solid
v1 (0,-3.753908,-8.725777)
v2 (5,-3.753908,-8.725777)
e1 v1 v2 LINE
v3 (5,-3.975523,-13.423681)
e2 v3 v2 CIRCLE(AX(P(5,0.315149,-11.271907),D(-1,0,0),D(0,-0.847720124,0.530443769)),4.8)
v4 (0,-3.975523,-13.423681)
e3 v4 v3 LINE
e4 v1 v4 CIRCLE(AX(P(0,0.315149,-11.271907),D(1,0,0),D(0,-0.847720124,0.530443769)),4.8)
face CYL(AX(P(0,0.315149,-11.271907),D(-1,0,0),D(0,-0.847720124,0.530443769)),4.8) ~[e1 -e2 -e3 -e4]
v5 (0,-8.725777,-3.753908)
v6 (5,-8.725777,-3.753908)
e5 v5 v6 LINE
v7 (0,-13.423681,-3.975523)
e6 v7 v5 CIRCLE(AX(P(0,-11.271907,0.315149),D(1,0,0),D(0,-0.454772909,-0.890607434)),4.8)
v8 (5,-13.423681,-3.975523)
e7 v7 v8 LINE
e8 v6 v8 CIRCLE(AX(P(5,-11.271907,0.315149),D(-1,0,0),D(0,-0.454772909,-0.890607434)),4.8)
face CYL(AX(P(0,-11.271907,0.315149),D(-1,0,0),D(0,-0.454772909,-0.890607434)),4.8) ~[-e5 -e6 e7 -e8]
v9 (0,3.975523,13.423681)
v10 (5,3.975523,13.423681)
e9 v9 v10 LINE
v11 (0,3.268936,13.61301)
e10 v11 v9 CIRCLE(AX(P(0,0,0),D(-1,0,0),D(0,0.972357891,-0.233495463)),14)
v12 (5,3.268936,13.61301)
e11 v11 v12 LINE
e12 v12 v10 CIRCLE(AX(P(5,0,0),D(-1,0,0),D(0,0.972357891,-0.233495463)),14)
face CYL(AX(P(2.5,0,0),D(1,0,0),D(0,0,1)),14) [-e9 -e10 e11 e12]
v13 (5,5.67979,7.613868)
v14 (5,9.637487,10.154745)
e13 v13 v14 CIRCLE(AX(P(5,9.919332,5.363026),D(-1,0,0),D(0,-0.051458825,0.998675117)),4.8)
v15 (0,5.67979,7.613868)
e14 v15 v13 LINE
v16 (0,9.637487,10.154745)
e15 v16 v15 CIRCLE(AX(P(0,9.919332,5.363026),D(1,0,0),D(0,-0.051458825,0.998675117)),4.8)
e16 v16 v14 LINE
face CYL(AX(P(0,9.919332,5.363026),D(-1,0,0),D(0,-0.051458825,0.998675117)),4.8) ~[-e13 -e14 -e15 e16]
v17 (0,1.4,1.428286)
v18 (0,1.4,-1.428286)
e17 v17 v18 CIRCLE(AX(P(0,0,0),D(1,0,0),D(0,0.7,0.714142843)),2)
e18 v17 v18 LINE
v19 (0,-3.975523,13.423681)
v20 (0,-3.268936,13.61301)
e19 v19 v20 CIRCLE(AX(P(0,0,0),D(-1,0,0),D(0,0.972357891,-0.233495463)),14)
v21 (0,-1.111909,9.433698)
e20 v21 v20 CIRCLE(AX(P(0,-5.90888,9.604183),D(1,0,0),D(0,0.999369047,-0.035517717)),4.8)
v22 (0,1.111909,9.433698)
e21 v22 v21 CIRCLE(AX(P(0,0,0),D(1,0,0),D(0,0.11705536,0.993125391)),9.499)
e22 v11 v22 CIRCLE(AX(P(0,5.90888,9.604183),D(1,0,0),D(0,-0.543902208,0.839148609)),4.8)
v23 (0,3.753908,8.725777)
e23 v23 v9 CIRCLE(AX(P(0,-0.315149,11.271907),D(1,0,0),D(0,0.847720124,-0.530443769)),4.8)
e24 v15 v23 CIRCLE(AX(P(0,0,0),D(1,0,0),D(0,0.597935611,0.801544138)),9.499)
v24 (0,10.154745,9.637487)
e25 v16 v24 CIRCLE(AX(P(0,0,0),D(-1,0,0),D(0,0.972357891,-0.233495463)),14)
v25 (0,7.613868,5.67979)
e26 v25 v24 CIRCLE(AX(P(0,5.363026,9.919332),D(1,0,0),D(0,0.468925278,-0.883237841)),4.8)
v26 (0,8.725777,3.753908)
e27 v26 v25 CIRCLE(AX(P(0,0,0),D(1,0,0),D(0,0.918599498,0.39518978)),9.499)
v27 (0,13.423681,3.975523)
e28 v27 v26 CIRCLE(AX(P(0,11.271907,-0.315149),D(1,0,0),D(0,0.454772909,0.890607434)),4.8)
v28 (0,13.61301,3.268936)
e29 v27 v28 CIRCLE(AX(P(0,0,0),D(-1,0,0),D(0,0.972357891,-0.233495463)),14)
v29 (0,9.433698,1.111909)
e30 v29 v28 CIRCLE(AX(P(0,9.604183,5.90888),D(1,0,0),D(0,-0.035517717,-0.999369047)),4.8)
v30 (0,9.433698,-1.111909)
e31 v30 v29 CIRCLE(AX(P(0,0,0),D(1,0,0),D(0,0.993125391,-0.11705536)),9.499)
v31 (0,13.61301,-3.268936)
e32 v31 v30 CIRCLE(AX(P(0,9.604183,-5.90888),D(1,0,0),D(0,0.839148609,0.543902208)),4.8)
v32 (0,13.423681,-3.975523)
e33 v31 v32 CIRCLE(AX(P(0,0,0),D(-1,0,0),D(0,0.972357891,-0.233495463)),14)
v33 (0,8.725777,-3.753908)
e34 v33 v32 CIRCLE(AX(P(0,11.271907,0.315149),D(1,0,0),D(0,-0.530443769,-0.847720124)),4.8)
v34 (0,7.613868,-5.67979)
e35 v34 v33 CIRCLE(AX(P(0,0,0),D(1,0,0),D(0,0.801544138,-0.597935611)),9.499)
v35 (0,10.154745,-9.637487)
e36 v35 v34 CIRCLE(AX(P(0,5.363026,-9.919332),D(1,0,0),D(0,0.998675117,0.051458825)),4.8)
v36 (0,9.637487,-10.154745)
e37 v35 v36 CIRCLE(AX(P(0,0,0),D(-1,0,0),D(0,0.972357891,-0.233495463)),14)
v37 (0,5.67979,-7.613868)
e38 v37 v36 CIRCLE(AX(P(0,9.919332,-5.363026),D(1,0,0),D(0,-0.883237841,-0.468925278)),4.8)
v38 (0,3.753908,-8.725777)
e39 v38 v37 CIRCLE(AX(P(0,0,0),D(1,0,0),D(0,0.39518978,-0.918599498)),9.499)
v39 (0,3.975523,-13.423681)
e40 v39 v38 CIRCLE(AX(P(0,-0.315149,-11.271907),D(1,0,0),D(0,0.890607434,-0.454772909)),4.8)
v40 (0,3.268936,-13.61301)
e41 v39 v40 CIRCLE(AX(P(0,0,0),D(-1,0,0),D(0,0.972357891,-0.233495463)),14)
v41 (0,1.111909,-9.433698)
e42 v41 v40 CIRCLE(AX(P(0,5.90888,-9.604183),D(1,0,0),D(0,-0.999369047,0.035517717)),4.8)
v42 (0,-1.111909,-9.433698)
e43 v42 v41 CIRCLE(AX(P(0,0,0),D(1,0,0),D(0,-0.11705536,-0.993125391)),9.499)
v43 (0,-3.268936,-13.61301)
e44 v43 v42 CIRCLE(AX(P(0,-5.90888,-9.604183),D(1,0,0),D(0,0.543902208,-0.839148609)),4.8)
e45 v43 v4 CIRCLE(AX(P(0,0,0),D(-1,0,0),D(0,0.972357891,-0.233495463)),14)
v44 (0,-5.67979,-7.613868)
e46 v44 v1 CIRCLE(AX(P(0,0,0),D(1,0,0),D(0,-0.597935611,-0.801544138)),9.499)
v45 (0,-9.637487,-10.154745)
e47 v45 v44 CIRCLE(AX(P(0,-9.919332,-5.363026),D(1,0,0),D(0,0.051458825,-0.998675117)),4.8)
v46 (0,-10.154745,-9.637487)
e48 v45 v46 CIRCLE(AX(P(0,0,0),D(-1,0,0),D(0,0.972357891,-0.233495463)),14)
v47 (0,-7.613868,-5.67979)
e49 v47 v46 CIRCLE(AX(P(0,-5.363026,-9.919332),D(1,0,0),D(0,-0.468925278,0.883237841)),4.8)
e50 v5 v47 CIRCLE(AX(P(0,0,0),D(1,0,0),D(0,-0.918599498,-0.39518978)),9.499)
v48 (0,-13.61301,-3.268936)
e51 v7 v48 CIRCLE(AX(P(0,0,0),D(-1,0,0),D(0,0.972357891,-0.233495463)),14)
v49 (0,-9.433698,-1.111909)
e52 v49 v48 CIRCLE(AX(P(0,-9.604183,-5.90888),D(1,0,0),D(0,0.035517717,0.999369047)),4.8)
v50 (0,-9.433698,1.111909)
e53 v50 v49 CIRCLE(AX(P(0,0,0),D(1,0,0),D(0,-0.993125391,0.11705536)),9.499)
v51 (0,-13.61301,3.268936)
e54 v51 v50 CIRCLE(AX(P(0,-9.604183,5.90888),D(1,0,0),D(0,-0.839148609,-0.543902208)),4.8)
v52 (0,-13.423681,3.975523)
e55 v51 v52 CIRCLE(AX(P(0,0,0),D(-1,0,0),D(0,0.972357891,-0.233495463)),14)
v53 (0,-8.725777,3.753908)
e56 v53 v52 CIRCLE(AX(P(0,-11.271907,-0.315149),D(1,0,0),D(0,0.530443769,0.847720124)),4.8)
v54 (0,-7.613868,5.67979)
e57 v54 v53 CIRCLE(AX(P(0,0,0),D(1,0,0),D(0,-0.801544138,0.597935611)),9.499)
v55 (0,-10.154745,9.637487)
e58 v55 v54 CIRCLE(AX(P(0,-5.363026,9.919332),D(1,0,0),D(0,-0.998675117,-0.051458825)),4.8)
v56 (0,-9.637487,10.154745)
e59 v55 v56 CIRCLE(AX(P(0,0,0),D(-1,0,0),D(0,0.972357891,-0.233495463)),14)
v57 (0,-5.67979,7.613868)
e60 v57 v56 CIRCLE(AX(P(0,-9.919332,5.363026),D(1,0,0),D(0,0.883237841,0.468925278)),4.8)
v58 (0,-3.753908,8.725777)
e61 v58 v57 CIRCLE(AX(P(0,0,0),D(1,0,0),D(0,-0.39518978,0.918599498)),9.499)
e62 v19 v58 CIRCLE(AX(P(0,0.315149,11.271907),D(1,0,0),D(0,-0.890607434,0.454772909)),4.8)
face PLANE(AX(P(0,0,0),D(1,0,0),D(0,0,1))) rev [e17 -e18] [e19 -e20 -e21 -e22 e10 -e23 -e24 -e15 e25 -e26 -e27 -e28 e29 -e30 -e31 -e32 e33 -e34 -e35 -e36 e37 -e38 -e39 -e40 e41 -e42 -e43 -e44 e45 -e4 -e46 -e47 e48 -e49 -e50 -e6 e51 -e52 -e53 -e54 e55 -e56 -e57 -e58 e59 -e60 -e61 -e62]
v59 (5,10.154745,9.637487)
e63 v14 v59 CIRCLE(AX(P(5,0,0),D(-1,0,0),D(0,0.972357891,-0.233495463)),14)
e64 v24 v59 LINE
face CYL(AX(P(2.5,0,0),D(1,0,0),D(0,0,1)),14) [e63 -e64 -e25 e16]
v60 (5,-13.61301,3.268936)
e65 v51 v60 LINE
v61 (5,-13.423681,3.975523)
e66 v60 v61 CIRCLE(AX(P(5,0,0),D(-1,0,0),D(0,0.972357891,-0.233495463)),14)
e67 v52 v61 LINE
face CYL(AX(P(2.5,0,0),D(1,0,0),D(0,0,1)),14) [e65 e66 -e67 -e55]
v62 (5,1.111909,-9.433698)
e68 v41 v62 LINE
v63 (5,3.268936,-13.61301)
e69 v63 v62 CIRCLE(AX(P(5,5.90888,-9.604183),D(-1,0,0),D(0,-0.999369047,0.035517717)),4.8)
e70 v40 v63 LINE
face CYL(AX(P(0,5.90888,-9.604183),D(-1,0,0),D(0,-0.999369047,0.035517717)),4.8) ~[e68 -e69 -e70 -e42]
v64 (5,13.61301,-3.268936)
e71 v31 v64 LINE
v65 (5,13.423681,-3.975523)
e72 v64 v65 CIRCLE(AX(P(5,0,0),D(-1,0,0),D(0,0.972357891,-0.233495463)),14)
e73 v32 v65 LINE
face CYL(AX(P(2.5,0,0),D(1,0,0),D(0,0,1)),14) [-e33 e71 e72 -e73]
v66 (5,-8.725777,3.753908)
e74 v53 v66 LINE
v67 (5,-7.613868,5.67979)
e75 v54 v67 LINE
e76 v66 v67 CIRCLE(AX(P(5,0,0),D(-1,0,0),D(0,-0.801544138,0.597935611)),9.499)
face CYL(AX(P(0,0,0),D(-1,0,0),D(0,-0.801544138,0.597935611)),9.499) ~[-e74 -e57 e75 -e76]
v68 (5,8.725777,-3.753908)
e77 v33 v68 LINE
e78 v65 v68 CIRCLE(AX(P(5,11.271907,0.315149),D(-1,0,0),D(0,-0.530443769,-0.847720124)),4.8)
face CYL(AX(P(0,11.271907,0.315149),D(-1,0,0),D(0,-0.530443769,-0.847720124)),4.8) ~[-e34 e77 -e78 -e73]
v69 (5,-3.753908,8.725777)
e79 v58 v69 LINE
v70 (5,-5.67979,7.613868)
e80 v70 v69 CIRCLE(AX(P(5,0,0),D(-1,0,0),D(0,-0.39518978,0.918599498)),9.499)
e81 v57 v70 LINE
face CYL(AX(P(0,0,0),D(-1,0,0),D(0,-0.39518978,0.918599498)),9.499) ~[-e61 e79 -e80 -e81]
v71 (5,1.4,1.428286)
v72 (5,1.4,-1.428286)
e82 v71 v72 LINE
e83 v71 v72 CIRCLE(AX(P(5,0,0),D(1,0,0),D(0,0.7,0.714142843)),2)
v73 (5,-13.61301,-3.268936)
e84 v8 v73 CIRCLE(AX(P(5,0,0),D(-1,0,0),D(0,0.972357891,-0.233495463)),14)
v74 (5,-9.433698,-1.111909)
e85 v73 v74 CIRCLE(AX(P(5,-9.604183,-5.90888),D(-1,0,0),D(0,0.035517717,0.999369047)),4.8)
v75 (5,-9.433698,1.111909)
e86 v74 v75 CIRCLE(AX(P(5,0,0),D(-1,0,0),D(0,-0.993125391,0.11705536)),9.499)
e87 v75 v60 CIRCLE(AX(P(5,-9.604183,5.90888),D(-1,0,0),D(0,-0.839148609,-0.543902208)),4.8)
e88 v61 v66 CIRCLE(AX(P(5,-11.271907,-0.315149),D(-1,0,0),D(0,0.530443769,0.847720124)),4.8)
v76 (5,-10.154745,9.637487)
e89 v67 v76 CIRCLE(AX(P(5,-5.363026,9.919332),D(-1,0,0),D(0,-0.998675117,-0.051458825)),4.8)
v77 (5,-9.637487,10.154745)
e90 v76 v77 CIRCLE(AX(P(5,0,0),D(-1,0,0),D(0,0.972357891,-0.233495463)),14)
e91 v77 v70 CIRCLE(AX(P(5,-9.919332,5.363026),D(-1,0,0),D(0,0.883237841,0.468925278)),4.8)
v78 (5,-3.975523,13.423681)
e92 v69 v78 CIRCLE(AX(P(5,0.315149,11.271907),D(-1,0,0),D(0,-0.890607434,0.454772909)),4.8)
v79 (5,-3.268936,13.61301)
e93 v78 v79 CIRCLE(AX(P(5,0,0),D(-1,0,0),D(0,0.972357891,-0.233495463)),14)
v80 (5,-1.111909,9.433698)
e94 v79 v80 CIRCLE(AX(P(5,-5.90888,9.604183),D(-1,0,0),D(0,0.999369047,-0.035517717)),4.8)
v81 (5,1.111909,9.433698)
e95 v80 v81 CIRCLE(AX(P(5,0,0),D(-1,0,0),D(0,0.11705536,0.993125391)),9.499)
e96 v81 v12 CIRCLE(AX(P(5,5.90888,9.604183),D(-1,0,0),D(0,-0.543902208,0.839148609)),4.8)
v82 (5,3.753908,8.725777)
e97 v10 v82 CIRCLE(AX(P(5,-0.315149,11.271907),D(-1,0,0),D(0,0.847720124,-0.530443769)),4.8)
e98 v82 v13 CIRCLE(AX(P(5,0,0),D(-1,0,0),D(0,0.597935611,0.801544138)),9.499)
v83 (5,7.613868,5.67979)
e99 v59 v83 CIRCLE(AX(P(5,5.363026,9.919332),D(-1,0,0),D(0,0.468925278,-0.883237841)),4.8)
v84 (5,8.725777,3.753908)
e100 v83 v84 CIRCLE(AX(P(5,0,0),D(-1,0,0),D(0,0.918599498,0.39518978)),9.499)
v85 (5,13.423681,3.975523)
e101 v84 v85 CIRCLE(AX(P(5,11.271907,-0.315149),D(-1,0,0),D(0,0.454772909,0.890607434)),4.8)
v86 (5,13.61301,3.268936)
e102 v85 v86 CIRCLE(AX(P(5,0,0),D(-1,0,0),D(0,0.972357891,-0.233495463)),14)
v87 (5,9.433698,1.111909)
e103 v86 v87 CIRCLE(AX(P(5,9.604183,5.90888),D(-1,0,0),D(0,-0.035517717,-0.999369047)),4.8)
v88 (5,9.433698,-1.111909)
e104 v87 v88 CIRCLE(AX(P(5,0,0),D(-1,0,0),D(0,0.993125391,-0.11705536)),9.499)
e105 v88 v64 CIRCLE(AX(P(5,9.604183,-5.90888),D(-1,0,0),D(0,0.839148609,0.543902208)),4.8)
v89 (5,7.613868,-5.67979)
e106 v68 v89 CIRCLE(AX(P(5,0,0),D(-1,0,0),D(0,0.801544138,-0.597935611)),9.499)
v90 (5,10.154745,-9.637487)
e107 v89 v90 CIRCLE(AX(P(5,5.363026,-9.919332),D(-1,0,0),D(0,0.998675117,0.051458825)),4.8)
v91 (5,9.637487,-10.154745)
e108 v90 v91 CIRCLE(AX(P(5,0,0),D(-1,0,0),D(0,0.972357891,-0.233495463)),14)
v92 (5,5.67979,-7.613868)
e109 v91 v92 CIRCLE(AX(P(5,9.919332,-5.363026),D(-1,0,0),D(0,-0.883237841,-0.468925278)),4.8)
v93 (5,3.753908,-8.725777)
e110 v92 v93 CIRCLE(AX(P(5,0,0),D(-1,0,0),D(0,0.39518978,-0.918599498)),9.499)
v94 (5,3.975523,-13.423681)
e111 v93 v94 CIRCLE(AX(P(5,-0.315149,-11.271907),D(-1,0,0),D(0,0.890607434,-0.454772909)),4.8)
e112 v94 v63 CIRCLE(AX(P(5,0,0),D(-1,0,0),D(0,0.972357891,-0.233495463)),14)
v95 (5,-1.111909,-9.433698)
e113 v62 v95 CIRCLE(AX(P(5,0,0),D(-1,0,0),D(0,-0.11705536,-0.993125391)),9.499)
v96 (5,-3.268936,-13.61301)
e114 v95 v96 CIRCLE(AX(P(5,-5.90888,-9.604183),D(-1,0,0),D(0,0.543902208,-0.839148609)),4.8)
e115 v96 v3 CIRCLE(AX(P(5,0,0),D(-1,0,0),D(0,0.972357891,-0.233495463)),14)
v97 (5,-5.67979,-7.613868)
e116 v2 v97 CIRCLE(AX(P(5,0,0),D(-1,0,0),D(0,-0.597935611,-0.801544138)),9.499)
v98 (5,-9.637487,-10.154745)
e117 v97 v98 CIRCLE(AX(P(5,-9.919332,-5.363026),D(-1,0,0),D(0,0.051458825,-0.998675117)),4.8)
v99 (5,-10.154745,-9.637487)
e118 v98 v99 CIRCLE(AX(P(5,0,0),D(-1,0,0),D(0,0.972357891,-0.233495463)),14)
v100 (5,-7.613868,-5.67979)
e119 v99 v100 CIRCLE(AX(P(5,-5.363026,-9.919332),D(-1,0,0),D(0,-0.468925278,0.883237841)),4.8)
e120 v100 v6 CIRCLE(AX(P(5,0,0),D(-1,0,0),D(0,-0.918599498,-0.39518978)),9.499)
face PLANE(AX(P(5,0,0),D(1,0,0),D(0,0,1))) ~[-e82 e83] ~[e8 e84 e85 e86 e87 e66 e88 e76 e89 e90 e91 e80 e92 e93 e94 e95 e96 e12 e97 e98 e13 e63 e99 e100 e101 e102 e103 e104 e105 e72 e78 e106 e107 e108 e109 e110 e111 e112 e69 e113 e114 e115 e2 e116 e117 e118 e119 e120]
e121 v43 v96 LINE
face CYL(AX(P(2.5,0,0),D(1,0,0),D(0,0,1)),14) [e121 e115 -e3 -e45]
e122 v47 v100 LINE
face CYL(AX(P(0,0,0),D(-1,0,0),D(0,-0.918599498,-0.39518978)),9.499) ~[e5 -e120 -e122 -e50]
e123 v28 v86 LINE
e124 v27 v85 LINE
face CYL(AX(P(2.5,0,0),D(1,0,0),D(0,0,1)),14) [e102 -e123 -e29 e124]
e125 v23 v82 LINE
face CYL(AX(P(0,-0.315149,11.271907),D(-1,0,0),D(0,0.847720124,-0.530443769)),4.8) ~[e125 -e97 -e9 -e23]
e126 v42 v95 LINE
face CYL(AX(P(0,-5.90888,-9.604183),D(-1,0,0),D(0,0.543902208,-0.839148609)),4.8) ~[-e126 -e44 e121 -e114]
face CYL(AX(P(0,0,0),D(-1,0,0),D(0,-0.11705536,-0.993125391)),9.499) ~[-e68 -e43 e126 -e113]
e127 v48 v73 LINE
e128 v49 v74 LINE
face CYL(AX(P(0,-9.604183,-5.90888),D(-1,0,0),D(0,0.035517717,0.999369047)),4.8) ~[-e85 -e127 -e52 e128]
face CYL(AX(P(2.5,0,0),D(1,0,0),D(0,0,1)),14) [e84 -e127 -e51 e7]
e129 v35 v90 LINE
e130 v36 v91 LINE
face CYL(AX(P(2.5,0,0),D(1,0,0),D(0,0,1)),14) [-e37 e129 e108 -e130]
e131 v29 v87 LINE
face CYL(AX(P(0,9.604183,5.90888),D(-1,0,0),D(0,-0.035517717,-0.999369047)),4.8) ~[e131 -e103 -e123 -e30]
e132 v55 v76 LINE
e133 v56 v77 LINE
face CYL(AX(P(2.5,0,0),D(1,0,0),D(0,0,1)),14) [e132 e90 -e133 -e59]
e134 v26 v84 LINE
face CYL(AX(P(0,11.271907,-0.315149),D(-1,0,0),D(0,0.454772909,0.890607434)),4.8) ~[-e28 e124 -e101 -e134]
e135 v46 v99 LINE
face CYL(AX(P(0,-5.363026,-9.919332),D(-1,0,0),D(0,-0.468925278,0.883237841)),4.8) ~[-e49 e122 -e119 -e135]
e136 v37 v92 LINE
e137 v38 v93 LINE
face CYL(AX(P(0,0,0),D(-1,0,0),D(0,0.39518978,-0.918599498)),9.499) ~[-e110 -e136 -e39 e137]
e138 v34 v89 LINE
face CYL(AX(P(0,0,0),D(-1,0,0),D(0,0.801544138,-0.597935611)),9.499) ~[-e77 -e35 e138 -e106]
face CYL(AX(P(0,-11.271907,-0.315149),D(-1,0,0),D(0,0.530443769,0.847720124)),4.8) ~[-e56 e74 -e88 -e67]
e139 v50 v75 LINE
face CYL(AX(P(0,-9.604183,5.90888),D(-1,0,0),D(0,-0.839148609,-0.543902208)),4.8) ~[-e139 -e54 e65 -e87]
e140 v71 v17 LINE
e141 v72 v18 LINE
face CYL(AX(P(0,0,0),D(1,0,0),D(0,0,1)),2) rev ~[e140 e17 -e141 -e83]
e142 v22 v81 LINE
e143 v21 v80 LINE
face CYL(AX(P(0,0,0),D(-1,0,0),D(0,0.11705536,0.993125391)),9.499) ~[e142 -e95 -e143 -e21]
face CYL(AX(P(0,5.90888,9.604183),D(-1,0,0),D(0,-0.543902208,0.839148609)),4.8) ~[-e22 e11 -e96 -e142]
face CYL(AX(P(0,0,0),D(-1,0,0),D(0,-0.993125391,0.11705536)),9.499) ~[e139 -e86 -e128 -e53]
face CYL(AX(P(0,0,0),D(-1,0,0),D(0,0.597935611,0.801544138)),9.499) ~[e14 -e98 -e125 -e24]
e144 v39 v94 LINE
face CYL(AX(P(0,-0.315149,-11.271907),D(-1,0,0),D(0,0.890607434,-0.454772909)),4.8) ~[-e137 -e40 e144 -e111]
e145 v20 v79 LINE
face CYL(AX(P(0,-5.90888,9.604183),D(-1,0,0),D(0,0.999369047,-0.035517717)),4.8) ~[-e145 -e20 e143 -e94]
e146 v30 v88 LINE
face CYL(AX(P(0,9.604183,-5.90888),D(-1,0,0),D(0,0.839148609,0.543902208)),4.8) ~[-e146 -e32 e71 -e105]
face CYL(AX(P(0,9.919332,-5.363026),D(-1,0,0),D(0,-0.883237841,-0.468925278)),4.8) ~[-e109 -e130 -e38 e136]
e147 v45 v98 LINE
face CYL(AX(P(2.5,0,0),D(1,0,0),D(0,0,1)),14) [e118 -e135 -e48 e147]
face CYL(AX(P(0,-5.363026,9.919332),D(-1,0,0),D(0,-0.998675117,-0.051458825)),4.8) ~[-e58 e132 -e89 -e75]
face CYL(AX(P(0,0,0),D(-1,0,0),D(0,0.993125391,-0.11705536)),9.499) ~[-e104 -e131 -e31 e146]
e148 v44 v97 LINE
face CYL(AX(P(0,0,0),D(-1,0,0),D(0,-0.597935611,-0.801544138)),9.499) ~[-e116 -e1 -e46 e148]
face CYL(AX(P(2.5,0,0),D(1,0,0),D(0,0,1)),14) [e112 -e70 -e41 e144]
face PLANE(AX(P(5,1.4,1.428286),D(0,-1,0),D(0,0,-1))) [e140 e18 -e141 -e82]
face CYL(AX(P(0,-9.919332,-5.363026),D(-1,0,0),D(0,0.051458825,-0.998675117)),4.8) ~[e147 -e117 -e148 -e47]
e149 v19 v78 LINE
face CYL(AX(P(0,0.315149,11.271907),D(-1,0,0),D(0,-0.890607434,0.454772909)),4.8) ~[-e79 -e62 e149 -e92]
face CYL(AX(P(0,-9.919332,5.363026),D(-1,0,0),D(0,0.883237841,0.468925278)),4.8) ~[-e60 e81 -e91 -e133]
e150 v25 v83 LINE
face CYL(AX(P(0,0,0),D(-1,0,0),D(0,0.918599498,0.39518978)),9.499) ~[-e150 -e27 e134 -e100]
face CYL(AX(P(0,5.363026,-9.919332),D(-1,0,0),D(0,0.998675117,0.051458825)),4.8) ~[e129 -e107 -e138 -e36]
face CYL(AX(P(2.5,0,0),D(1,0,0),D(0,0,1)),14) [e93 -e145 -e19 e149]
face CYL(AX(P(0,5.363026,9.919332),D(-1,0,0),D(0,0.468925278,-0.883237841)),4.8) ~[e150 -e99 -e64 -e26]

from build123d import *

# Parameters (mm, degrees)
BASPROSKE_W         = 5
BASPROSKE_H         = 14
TOOTHCUT_DEPTH      = 21.420577857
TEETHCUTS_COUNT     = 12
TEETHCUTS_ANGLE     = 330
BORSKE_R            = 2
BORE_DEPTH          = 50.0000508
BOSS_EXTRUDE1_DEPTH = 5


with BuildPart() as part:
    # BasProSke → Base-Revolve (revolve)
    with BuildSketch(Plane(origin=(0, 0, 0), x_dir=(1, 0, 0), z_dir=(0, 1, 0)), mode=Mode.PRIVATE) as base_revolve_sk:
        with Locations((2.5, 7)):
            Rectangle(BASPROSKE_W, BASPROSKE_H)
    revolve(base_revolve_sk.sketch.rotate(Axis((-10, 0, 0), (1, 0, 0)), 180), axis=Axis((-10, 0, 0), (1, 0, 0)))

    # TooCutSke → ToothCut (cut, through all)
    with BuildSketch(Plane(origin=(0, 0, 0), x_dir=(0, 0, -1), z_dir=(1, 0, 0))):
        with BuildLine():
            ThreePointArc((1.111908866, 9.433698091), (0, 9.499), (-1.111908866, 9.433698091))
            ThreePointArc((-1.111908866, 9.433698091), (-1.651516138, 11.821129337), (-3.298149691, 13.632096456))
            ThreePointArc((-3.298149691, 13.632096456), (0, 14.0254), (3.298149691, 13.632096456))
            ThreePointArc((3.298149691, 13.632096456), (1.651516138, 11.821129337), (1.111908866, 9.433698091))
        make_face()
    toothcut = extrude(amount=TOOTHCUT_DEPTH, mode=Mode.SUBTRACT)

    # TeethCuts: ToothCut ×12 about axis
    teethcuts_axis = Axis((-10, 0, 0), (1, 0, 0))
    for i in range(1, TEETHCUTS_COUNT):
        add(toothcut.rotate(teethcuts_axis, i * TEETHCUTS_ANGLE / (TEETHCUTS_COUNT - 1)), mode=Mode.SUBTRACT)

    # BorSke → Bore (cut, symmetric)
    with BuildSketch(Plane(origin=(0, 0, 0), x_dir=(0, 0, -1), z_dir=(1, 0, 0))):
        with Locations(Location((0, 0, 0), (0, 0, 180))):
            Circle(BORSKE_R)
    extrude(amount=BORE_DEPTH, both=True, mode=Mode.SUBTRACT)

    # Sketch2 → Boss-Extrude1 (add)
    with BuildSketch(Plane(origin=(5, 0, 0), x_dir=(0, 0, -1), z_dir=(1, 0, 0))):
        with BuildLine():
            Line((-1.428285686, 1.4), (1.428285686, 1.4))
            ThreePointArc((1.428285686, 1.4), (0, 2), (-1.428285686, 1.4))
        make_face()
    extrude(amount=-BOSS_EXTRUDE1_DEPTH)


solid = part.part
